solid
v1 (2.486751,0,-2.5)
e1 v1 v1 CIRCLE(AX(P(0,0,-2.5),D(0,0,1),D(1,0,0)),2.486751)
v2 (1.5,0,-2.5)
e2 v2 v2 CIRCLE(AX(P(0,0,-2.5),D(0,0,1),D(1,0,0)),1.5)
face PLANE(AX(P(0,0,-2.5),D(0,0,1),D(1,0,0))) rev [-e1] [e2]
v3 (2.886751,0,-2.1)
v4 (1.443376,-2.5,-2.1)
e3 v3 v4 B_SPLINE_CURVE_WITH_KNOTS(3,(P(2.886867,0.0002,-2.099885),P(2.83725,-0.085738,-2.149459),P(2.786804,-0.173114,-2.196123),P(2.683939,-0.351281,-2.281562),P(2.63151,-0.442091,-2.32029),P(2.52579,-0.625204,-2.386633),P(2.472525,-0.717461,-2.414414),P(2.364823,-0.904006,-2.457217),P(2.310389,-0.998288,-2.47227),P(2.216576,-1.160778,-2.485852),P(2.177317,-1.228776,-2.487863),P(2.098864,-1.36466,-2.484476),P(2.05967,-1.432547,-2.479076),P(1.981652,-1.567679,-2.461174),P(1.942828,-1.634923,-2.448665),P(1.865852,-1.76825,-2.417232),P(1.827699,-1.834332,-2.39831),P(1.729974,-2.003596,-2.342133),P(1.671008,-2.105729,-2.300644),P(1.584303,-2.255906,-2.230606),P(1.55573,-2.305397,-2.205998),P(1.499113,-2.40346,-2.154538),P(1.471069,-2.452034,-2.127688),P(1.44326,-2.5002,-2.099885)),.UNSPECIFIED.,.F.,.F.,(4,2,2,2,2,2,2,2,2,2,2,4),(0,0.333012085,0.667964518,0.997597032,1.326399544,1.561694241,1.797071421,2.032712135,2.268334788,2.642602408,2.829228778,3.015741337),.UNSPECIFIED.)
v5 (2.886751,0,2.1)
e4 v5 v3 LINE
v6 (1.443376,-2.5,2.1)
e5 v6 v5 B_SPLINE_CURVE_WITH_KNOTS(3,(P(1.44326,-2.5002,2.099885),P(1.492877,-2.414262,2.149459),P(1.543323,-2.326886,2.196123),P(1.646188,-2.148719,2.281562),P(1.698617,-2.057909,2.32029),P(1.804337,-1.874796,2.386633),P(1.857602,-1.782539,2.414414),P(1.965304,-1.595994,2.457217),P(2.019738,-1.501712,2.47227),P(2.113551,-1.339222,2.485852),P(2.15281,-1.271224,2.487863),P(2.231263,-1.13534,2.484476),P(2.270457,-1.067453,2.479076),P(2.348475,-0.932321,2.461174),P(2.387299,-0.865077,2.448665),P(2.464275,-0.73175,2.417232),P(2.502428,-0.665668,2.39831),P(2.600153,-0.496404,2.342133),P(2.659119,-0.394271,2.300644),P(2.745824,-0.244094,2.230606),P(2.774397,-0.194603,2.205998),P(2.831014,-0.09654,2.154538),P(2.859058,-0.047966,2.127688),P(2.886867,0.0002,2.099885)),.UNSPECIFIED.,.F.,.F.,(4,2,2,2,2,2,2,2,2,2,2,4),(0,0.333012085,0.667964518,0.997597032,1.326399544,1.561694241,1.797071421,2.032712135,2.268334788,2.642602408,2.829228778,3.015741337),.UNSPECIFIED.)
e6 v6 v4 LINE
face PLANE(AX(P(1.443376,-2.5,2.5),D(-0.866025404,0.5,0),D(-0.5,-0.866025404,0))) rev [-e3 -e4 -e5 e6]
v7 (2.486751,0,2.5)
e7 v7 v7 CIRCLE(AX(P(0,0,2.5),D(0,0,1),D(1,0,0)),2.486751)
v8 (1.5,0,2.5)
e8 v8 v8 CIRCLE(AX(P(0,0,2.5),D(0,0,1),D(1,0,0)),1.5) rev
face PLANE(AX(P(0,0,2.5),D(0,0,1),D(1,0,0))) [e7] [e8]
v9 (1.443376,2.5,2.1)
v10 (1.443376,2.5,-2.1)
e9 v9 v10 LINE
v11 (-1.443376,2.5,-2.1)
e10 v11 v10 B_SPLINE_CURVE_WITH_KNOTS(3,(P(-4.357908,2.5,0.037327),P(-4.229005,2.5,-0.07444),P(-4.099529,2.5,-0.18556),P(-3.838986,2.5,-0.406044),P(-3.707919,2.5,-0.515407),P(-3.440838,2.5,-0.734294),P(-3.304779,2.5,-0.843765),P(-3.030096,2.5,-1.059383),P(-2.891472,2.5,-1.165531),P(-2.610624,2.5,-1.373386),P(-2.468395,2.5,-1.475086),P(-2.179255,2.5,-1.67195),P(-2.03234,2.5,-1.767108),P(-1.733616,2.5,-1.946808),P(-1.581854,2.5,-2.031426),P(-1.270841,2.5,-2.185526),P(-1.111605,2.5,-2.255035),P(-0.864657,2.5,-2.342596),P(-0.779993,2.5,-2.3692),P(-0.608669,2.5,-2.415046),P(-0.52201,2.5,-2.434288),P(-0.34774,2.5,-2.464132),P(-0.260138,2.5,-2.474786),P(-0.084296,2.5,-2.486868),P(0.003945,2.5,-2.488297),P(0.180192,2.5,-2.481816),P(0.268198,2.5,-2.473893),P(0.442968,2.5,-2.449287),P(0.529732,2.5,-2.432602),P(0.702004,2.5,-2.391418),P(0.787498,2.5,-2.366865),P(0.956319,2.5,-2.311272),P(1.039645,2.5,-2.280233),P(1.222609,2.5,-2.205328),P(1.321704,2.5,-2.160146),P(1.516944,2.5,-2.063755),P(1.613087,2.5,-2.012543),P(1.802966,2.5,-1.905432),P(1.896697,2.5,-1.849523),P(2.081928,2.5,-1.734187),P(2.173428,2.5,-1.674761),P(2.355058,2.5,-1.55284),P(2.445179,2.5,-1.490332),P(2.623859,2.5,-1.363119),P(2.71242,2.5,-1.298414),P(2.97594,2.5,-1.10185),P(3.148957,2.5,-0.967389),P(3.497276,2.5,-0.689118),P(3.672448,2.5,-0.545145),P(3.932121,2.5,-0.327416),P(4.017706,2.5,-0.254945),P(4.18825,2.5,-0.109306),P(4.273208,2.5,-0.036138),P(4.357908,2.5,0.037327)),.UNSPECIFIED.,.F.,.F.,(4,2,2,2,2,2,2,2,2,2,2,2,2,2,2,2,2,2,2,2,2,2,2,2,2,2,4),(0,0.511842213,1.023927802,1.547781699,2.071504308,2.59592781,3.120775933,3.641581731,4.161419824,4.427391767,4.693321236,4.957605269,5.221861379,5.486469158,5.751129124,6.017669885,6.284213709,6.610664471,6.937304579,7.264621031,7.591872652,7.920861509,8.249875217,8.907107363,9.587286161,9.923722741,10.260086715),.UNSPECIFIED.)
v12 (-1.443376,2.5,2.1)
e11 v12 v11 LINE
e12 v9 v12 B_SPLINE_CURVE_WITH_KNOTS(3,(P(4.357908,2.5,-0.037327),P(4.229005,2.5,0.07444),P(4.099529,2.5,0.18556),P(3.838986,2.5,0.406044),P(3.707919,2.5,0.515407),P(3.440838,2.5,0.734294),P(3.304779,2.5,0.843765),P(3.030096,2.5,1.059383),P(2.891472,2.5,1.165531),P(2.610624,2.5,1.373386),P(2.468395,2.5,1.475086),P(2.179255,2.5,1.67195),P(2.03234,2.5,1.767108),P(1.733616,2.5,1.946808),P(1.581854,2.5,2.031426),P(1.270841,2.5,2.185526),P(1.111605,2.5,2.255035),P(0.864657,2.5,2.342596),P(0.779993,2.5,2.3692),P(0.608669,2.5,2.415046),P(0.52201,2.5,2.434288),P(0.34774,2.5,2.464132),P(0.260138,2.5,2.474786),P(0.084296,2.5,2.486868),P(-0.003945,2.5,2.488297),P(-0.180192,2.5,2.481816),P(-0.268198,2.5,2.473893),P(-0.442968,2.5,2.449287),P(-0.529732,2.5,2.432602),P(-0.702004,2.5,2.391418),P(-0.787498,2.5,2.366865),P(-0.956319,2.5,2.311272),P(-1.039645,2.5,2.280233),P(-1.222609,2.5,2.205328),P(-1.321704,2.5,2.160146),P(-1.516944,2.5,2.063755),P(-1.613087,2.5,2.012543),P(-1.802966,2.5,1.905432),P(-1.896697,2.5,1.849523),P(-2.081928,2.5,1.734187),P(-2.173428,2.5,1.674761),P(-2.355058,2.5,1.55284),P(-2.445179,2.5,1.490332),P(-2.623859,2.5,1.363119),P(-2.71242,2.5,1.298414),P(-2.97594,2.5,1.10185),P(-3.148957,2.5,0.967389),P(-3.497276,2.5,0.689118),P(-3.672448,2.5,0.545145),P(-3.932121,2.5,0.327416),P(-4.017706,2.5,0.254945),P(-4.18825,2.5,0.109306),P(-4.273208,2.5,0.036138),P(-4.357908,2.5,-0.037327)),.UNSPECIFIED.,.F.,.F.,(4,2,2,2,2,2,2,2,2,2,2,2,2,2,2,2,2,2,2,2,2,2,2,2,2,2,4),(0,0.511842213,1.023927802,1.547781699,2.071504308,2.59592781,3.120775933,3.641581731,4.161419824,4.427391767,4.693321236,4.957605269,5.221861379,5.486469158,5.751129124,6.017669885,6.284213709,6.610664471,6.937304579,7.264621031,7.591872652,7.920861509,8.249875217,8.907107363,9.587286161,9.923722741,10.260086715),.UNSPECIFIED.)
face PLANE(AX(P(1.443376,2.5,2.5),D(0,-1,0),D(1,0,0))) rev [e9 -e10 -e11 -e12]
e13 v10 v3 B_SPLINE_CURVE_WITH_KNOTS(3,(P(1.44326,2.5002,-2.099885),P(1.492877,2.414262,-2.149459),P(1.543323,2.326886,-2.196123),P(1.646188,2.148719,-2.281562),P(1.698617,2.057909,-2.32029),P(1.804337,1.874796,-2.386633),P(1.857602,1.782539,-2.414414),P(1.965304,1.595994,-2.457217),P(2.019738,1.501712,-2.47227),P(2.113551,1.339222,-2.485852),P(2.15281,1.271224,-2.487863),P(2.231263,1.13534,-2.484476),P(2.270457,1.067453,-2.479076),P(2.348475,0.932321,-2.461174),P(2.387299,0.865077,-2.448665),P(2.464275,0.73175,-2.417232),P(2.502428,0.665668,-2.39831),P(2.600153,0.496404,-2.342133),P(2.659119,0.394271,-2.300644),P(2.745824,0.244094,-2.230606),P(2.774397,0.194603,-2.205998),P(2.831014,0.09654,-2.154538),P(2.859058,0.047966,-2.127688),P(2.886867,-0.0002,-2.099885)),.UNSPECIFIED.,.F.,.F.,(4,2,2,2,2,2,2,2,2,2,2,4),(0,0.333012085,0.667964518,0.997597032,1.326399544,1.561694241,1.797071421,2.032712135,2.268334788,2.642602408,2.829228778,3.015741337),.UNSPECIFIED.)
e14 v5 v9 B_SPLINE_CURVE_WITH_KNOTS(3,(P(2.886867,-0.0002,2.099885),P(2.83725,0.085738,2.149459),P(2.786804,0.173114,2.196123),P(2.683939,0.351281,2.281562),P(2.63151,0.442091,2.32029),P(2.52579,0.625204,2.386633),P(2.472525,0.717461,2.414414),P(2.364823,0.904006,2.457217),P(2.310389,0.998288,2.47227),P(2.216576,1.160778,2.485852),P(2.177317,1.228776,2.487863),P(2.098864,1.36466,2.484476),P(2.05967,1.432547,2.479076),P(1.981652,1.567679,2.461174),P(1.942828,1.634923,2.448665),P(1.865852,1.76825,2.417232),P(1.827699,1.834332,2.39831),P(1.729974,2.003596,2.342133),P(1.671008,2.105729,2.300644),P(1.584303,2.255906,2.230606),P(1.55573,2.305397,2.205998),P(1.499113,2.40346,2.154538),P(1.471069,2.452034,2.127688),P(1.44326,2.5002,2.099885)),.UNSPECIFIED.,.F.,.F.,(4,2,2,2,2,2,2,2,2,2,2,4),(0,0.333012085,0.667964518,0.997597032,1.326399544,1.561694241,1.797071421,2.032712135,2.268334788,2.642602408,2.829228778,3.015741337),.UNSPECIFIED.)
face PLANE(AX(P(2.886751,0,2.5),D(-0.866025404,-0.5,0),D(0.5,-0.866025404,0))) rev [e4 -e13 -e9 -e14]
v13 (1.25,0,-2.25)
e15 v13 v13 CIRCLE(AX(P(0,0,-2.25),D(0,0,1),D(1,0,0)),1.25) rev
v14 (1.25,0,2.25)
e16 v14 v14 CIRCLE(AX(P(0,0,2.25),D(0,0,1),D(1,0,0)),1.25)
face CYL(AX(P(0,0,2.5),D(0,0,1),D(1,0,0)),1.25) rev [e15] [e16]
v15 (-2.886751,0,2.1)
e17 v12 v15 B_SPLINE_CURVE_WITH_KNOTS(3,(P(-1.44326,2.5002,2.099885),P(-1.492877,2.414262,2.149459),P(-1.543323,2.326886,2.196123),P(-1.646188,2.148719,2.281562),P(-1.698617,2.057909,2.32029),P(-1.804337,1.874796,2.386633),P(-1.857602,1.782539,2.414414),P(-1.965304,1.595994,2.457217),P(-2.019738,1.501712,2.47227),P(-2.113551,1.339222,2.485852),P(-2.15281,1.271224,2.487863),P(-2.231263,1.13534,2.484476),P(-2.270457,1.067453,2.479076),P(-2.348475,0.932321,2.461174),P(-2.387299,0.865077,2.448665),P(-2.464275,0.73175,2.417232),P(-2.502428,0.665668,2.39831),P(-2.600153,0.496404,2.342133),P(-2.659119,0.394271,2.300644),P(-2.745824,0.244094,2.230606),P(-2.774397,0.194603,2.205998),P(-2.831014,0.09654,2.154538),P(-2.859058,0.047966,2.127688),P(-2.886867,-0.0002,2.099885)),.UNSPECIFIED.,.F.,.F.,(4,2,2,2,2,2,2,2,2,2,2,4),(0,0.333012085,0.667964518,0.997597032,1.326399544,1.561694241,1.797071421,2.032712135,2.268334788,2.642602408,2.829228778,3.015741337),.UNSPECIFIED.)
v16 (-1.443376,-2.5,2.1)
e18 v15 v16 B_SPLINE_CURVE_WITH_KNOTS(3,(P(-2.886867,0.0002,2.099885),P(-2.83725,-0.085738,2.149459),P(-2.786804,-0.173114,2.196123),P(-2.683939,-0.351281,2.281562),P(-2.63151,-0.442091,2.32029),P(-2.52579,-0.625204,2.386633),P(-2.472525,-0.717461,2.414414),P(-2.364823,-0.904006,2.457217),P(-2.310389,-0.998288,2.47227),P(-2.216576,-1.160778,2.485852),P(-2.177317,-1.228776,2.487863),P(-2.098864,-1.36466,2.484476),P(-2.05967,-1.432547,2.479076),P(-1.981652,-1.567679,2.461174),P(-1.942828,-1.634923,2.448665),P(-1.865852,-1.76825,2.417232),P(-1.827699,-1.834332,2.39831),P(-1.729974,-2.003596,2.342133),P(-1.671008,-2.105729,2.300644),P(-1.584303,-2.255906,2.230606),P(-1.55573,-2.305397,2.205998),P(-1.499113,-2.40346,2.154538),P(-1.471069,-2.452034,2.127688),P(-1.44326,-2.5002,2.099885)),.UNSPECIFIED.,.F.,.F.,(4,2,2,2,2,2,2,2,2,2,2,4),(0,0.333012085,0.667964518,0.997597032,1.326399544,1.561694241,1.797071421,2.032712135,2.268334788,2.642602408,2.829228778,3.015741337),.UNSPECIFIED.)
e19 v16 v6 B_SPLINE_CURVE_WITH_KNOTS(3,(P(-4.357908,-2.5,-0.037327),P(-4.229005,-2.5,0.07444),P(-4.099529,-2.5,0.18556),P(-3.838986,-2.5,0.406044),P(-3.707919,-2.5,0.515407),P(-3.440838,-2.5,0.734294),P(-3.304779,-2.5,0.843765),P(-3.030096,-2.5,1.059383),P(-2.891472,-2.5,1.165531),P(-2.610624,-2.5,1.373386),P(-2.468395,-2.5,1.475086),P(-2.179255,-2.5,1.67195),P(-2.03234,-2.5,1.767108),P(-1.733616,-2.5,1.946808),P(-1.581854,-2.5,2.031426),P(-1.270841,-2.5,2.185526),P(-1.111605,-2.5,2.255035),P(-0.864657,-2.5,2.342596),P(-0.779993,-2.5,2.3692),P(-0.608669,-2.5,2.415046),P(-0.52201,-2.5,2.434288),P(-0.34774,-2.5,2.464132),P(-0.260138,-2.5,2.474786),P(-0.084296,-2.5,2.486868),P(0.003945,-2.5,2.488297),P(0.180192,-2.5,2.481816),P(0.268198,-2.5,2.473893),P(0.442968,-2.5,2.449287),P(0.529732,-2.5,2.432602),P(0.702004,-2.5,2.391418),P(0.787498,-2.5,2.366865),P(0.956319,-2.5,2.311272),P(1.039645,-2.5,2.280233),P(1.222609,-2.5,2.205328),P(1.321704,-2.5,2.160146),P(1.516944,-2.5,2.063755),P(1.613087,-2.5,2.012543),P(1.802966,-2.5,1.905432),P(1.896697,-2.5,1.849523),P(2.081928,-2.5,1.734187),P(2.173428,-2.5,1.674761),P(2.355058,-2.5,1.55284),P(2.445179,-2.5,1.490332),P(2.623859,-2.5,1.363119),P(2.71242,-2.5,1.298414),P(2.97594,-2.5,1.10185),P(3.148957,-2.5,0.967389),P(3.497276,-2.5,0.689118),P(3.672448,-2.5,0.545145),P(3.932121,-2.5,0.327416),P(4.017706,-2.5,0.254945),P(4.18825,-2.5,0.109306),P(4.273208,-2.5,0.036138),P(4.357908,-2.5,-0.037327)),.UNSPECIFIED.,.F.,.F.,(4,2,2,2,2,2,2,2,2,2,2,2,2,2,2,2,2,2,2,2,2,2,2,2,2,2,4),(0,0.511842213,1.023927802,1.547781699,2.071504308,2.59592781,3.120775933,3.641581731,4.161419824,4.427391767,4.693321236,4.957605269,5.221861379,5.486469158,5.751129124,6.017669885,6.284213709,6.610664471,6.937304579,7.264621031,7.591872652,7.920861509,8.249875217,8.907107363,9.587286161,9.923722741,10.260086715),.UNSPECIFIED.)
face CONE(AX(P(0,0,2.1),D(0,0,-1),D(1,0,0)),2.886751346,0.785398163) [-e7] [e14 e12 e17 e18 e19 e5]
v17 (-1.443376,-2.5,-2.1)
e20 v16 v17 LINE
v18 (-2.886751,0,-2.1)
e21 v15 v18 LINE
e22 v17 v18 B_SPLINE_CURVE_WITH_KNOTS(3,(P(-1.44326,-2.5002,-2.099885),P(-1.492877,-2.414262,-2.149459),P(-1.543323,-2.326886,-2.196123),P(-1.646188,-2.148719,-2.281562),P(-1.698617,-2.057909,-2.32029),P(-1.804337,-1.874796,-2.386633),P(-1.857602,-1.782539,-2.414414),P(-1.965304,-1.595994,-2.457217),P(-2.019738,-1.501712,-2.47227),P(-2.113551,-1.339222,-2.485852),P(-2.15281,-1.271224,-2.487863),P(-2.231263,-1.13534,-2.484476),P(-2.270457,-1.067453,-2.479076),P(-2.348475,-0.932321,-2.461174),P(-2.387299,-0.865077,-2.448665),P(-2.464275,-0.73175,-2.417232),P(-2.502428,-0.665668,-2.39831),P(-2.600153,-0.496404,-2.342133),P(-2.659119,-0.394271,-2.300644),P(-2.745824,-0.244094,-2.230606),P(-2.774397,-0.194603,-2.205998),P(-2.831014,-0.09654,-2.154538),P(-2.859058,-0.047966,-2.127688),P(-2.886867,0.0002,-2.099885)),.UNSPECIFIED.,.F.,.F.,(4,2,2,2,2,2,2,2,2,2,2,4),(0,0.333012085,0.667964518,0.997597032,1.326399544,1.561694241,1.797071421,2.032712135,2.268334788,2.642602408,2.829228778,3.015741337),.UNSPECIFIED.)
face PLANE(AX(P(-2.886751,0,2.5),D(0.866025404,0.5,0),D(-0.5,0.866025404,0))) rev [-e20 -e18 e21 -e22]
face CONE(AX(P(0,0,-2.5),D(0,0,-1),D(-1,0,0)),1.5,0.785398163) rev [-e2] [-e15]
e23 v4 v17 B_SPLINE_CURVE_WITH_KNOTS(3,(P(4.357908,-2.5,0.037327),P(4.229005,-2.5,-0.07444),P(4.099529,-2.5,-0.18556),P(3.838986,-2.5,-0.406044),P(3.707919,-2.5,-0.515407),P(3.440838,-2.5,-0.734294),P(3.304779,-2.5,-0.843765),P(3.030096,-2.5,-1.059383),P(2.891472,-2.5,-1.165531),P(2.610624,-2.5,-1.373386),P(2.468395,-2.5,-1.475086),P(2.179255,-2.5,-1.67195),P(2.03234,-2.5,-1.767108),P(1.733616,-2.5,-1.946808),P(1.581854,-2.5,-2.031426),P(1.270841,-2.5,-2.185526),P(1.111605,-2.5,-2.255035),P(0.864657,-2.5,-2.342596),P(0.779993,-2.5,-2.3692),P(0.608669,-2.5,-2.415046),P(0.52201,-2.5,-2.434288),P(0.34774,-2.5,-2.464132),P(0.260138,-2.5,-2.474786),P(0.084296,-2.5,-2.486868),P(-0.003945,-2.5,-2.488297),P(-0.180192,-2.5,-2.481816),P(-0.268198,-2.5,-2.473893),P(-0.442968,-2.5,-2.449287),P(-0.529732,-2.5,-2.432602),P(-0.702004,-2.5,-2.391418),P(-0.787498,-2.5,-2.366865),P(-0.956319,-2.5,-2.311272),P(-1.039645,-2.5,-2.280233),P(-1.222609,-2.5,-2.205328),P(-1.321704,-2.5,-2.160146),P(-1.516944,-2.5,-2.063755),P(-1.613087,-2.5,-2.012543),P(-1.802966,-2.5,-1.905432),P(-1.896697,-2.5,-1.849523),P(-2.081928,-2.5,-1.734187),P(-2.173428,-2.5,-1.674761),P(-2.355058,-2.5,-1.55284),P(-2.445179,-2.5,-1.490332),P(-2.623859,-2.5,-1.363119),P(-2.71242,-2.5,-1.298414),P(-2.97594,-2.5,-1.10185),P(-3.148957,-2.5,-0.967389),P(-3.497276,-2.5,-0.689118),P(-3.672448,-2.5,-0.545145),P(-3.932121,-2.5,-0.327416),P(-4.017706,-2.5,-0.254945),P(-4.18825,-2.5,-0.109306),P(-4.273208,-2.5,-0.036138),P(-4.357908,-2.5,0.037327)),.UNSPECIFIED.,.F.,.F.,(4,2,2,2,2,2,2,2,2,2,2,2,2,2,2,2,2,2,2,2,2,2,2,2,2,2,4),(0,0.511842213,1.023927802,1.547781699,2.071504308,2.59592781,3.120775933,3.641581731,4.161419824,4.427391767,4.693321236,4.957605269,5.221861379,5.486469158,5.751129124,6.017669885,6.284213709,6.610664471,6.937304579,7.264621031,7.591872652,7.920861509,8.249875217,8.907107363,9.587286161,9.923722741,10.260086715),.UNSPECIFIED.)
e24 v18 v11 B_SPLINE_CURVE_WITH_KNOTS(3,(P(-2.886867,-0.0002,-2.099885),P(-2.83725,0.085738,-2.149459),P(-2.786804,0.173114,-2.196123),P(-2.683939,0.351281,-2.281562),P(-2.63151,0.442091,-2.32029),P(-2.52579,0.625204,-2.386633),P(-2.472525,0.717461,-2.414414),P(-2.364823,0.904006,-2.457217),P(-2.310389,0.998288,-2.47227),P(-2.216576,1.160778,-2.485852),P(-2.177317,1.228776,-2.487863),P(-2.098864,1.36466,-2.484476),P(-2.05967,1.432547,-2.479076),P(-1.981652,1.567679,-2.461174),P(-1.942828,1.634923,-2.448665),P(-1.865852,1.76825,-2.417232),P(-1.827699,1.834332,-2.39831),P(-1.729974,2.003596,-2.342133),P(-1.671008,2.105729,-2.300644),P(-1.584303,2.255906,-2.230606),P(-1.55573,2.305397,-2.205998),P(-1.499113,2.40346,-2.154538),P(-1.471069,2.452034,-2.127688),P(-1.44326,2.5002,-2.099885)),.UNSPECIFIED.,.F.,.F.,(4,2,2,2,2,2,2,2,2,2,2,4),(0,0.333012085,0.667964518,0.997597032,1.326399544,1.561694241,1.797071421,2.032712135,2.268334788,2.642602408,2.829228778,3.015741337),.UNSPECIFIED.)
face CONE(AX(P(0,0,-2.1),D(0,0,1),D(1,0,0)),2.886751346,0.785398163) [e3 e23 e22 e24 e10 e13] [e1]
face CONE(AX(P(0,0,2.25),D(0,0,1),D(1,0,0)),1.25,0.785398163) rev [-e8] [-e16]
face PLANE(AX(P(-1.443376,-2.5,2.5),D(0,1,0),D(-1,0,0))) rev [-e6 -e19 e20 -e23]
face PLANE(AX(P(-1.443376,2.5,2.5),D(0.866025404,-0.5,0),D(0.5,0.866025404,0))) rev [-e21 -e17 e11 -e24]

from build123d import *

# Parameters (mm, degrees)
HEX_2_DEPTH                 = 2.5
TAP_DRILL_FOR_M3X0_5_TAP1_D = 2.5
INNERCHAMFER_SIZE           = 0.25


with BuildPart() as part:
    # Sketch1 → HEX 2 (new body, symmetric)
    with BuildSketch(Plane.XY):
        Polygon((2.886751346, 0), (1.443375673, 2.5), (-1.443375673, 2.5), (-2.886751346, 0), (-1.443375673, -2.5), (1.443375673, -2.5), align=None)
    extrude(amount=HEX_2_DEPTH, both=True)

    # Tap Drill for M3x0.5 Tap1 (through all)
    with Locations(Plane.XY.offset(2.5)):
        with Locations((0, 0)):
            Hole(TAP_DRILL_FOR_M3X0_5_TAP1_D / 2)

    # Sketch7 → HexChamfer (revolve, cut)
    with BuildSketch(Plane(origin=(0, 0, 0), x_dir=(1, 0, 0), z_dir=(0, 1, 0))):
        Polygon((-2.886751346, 2.5), (-2.886751346, 2.1), (-2.486751346, 2.5), align=None)
    hexchamfer = revolve(axis=Axis((0, 0, 15.266742202), (0, 0, -1)), mode=Mode.SUBTRACT)

    # Mirror1: HexChamfer across plane
    add(hexchamfer.mirror(Plane.XY), mode=Mode.SUBTRACT)

    # InnerChamfer
    innerchamfer_edges = [part.edges().sort_by_distance(p)[0] for p in [
        (1.25, 0, 2.5),
        (1.25, 0, -2.5),
    ]]
    chamfer(innerchamfer_edges, length=INNERCHAMFER_SIZE)


solid = part.part
